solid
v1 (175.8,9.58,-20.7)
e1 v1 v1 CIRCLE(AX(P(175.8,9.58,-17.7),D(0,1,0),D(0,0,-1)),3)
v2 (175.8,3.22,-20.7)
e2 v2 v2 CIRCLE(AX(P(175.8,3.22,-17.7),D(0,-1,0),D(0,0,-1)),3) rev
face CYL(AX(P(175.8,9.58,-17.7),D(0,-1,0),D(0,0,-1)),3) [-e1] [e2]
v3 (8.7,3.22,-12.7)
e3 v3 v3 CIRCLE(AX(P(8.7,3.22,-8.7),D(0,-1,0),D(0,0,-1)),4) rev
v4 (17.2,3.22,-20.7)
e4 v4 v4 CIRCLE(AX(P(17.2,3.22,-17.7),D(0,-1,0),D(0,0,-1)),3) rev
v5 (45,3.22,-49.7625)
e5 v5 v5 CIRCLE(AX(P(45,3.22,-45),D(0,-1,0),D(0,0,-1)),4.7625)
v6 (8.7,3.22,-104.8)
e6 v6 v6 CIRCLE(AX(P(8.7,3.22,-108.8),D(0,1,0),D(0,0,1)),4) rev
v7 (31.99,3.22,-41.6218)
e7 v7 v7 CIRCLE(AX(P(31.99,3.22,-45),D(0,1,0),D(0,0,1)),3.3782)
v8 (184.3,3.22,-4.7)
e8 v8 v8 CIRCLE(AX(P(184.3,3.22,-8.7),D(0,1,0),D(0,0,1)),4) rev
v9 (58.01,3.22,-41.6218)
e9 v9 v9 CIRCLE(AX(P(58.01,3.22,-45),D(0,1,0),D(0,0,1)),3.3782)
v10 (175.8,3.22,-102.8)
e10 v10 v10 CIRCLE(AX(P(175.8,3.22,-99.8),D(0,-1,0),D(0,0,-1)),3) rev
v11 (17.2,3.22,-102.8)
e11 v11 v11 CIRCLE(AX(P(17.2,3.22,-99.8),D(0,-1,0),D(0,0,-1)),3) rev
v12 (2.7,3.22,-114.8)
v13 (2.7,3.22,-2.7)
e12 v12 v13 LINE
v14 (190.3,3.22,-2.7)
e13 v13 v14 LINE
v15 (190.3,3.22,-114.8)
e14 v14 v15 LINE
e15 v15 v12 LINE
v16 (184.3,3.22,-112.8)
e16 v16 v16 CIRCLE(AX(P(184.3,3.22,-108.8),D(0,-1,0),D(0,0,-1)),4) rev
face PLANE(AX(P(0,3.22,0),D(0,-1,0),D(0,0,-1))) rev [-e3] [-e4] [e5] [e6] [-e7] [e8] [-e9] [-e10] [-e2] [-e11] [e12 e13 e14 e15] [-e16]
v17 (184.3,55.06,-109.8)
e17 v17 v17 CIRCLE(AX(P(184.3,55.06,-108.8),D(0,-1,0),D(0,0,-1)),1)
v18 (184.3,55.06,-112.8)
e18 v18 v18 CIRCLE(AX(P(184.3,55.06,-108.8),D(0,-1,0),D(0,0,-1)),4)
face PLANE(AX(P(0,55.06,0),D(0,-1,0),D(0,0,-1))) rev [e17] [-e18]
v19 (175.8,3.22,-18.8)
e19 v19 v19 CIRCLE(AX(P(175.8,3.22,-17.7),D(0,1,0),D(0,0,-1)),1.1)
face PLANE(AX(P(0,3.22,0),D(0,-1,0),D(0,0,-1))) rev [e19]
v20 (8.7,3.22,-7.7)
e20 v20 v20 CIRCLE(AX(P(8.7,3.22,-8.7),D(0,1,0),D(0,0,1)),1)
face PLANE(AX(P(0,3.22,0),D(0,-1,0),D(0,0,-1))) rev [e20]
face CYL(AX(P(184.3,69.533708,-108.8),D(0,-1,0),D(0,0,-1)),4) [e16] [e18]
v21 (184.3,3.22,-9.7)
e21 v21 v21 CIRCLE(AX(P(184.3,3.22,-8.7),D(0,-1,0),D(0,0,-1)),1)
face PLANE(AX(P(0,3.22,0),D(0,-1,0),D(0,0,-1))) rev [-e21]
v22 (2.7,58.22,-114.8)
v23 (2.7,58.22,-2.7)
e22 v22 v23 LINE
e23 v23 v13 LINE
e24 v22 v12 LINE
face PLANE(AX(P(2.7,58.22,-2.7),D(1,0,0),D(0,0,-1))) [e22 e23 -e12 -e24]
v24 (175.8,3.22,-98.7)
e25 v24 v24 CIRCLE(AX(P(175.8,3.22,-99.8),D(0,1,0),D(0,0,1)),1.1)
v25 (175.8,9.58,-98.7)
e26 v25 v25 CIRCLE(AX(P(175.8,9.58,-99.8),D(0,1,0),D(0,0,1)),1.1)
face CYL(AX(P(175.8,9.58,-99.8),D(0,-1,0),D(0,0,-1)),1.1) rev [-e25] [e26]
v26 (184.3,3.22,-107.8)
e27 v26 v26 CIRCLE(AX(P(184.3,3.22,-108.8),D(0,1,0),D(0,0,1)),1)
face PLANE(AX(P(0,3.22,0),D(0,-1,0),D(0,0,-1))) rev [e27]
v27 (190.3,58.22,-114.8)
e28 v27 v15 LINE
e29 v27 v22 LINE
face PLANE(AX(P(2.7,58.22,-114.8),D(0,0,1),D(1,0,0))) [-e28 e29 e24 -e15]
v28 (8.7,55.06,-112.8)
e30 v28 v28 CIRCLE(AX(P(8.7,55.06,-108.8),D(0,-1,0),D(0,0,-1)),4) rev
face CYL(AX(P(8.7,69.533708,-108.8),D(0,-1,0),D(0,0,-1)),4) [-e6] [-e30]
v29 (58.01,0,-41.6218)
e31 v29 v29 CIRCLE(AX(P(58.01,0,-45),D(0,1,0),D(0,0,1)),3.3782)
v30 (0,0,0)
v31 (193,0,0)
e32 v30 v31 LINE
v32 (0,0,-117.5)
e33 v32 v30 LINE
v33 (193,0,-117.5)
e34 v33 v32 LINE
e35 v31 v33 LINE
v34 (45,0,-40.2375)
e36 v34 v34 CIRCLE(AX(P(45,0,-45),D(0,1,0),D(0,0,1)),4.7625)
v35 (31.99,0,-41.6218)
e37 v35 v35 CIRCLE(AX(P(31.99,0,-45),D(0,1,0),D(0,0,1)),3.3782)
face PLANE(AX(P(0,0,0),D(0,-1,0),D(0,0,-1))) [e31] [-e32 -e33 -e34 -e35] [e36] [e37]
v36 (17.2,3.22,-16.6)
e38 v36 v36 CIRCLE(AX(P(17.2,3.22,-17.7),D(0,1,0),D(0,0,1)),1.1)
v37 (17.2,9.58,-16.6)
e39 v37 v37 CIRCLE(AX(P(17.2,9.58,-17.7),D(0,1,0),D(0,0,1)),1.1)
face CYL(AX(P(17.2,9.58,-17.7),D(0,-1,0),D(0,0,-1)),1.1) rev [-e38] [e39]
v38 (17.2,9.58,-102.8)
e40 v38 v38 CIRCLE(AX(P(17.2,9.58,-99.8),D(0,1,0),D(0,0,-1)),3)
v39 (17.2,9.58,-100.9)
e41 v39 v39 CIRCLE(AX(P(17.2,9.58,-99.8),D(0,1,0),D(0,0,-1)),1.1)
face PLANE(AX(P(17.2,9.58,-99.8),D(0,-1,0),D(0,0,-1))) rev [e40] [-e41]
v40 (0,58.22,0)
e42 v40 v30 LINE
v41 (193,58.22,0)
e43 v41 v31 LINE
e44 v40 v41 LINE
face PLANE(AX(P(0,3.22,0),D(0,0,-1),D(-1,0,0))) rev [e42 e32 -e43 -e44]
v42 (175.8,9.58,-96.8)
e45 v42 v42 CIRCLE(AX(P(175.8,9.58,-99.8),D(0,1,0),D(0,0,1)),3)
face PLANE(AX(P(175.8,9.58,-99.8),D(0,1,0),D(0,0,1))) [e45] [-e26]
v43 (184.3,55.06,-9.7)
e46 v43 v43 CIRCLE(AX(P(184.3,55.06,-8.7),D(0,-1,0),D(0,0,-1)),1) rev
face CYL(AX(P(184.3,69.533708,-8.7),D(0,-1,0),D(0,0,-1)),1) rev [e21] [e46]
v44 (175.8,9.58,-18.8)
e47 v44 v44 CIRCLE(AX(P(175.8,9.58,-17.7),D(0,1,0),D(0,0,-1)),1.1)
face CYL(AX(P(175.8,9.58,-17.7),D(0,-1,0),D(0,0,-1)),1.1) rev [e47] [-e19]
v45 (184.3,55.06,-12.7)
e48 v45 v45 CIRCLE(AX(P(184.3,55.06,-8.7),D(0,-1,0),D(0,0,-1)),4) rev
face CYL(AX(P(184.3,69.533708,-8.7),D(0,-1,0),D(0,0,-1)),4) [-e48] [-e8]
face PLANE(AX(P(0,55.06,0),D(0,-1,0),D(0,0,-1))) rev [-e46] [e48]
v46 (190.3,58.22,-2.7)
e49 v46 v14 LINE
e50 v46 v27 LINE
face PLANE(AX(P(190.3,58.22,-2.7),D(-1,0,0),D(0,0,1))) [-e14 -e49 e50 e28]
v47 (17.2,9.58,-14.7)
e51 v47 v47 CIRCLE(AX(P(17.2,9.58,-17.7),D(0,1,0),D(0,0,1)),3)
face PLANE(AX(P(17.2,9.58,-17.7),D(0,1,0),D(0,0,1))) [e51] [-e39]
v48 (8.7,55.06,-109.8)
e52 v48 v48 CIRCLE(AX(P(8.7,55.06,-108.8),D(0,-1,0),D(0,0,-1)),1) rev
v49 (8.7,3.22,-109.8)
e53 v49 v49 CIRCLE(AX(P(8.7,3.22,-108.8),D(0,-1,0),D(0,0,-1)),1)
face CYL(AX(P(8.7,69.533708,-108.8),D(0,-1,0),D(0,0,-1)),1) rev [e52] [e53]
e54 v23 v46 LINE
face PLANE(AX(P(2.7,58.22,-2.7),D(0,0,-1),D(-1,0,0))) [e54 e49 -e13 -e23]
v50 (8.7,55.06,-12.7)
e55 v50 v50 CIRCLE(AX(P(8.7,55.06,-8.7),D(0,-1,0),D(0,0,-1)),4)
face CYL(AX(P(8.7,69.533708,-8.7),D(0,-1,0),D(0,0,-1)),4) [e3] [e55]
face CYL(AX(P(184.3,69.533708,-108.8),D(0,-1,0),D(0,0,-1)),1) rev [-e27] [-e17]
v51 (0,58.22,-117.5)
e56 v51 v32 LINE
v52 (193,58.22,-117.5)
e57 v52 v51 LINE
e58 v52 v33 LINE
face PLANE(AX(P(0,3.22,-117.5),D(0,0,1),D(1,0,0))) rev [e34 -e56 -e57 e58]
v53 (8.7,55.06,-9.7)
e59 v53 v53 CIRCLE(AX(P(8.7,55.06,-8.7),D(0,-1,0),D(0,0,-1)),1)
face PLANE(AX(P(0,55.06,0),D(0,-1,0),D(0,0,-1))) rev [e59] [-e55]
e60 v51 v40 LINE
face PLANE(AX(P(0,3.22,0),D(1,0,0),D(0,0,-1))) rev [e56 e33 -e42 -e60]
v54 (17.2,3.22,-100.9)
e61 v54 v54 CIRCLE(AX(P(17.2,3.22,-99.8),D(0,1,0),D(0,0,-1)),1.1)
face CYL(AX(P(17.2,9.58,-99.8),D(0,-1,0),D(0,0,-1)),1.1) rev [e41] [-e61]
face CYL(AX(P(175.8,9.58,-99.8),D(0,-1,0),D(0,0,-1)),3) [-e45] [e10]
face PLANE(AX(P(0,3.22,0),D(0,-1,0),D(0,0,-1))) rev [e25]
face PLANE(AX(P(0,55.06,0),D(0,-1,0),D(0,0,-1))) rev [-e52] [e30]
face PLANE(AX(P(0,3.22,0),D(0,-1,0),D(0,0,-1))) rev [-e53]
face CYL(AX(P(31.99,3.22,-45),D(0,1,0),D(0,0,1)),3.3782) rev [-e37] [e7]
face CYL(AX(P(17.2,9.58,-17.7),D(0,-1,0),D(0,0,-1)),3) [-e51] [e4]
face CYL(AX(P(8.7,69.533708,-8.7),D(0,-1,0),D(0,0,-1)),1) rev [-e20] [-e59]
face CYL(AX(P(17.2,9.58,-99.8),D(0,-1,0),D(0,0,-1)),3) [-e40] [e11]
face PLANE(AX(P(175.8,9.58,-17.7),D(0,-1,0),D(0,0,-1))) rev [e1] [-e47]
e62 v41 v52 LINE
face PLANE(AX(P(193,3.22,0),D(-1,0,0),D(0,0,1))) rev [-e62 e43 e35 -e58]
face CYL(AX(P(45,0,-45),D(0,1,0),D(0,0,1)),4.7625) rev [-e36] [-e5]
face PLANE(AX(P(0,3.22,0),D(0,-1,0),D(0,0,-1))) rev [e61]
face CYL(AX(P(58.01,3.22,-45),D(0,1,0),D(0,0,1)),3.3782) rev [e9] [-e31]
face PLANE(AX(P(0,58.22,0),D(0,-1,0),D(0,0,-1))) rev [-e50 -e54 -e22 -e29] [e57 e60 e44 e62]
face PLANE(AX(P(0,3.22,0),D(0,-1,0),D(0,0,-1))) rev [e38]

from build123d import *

# Parameters (mm, degrees)
SKETCH1_W               = 193
SKETCH1_H               = 117.5
BOSS_EXTRUDE1_DEPTH     = 3.22
SKETCH3_W               = 193
SKETCH3_H               = 117.5
SKETCH3_W_2             = 187.6
SKETCH3_H_2             = 112.1
BOSS_EXTRUDE2_DEPTH     = 55
SKETCH4_R               = 3
SKETCH4_R_2             = 1.1
BOSS_EXTRUDE3_DEPTH     = 6.36
SKETCH6_R               = 4
SKETCH6_R_2             = 1
BOSS_EXTRUDE4_DEPTH     = 51.84
SKETCH7_R               = 4.7625
CUT_EXTRUDE1_DEPTH      = 56
CUT_EXTRUDE1_DEPTH_BACK = 4.22
F_1_4_CLEARANCE_HOLE1_D = 6.7564


with BuildPart() as part:
    # Sketch1 → Boss-Extrude1 (new body)
    with BuildSketch(Plane(origin=(0, 0, 0), x_dir=(1, 0, 0), z_dir=(0, 1, 0))):
        with Locations((96.5, 58.75)):
            Rectangle(SKETCH1_W, SKETCH1_H)
    extrude(amount=BOSS_EXTRUDE1_DEPTH)

    # Sketch3 → Boss-Extrude2 (add)
    with BuildSketch(Plane(origin=(0, 3.22, 0), x_dir=(1, 0, 0), z_dir=(0, 1, 0))):
        with Locations((96.5, 58.75)):
            Rectangle(SKETCH3_W, SKETCH3_H)
        with Locations((96.5, 58.75)):
            Rectangle(SKETCH3_W_2, SKETCH3_H_2, mode=Mode.SUBTRACT)
    extrude(amount=BOSS_EXTRUDE2_DEPTH)

    # Sketch4 → Boss-Extrude3 (add)
    with BuildSketch(Plane(origin=(0, 3.22, 0), x_dir=(1, 0, 0), z_dir=(0, 1, 0))):
        with Locations(Location((17.2, 17.7, 0), (0, 0, 90))):  # turned: the seam where the file's is
            Circle(SKETCH4_R)
        with Locations(Location((17.2, 17.7, 0), (0, 0, 270))):  # turned: the seam where the file's is
            Circle(SKETCH4_R_2, mode=Mode.SUBTRACT)
        with Locations(Location((175.8, 17.7, 0), (0, 0, 90))):  # turned: the seam where the file's is
            Circle(SKETCH4_R)
        with Locations(Location((175.8, 17.7, 0), (0, 0, 90))):  # turned: the seam where the file's is
            Circle(SKETCH4_R_2, mode=Mode.SUBTRACT)
        with Locations(Location((17.2, 99.8, 0), (0, 0, 90))):  # turned: the seam where the file's is
            Circle(SKETCH4_R)
        with Locations(Location((17.2, 99.8, 0), (0, 0, 90))):  # turned: the seam where the file's is
            Circle(SKETCH4_R_2, mode=Mode.SUBTRACT)
        with Locations(Location((175.8, 99.8, 0), (0, 0, 90))):  # turned: the seam where the file's is
            Circle(SKETCH4_R)
        with Locations(Location((175.8, 99.8, 0), (0, 0, 270))):  # turned: the seam where the file's is
            Circle(SKETCH4_R_2, mode=Mode.SUBTRACT)
    extrude(amount=BOSS_EXTRUDE3_DEPTH)

    # Sketch6 → Boss-Extrude4 (add)
    with BuildSketch(Plane(origin=(0, 3.22, 0), x_dir=(1, 0, 0), z_dir=(0, 1, 0))):
        with Locations(Location((8.7, 8.7, 0), (0, 0, 90))):  # turned: the seam where the file's is
            Circle(SKETCH6_R)
        with Locations(Location((8.7, 8.7, 0), (0, 0, 90))):  # turned: the seam where the file's is
            Circle(SKETCH6_R_2, mode=Mode.SUBTRACT)
        with Locations(Location((184.3, 8.7, 0), (0, 0, 90))):  # turned: the seam where the file's is
            Circle(SKETCH6_R)
        with Locations(Location((184.3, 8.7, 0), (0, 0, 90))):  # turned: the seam where the file's is
            Circle(SKETCH6_R_2, mode=Mode.SUBTRACT)
        with Locations(Location((184.3, 108.8, 0), (0, 0, 90))):  # turned: the seam where the file's is
            Circle(SKETCH6_R)
        with Locations(Location((184.3, 108.8, 0), (0, 0, 90))):  # turned: the seam where the file's is
            Circle(SKETCH6_R_2, mode=Mode.SUBTRACT)
        with Locations(Location((8.7, 108.8, 0), (0, 0, 90))):  # turned: the seam where the file's is
            Circle(SKETCH6_R)
        with Locations(Location((8.7, 108.8, 0), (0, 0, 90))):  # turned: the seam where the file's is
            Circle(SKETCH6_R_2, mode=Mode.SUBTRACT)
    extrude(amount=BOSS_EXTRUDE4_DEPTH)

    # Sketch7 → Cut-Extrude1 (cut, two sides)
    with BuildSketch(Plane(origin=(0, 3.22, 0), x_dir=(1, 0, 0), z_dir=(0, 1, 0))) as cut_extrude1_sk:
        with Locations(Location((45, 45, 0), (0, 0, 270))):  # turned: the seam where the file's is
            Circle(SKETCH7_R)
    extrude(amount=CUT_EXTRUDE1_DEPTH, mode=Mode.SUBTRACT)
    extrude(cut_extrude1_sk.sketch, amount=-CUT_EXTRUDE1_DEPTH_BACK, mode=Mode.SUBTRACT)

    # 1/4 Clearance Hole1 (through all)
    with Locations(Plane(origin=(0, 3.22, 0), x_dir=(1, 0, 0), z_dir=(0, 1, 0))):
        with Locations((58.01, 45), (31.99, 45)):
            Hole(F_1_4_CLEARANCE_HOLE1_D / 2)


solid = part.part
